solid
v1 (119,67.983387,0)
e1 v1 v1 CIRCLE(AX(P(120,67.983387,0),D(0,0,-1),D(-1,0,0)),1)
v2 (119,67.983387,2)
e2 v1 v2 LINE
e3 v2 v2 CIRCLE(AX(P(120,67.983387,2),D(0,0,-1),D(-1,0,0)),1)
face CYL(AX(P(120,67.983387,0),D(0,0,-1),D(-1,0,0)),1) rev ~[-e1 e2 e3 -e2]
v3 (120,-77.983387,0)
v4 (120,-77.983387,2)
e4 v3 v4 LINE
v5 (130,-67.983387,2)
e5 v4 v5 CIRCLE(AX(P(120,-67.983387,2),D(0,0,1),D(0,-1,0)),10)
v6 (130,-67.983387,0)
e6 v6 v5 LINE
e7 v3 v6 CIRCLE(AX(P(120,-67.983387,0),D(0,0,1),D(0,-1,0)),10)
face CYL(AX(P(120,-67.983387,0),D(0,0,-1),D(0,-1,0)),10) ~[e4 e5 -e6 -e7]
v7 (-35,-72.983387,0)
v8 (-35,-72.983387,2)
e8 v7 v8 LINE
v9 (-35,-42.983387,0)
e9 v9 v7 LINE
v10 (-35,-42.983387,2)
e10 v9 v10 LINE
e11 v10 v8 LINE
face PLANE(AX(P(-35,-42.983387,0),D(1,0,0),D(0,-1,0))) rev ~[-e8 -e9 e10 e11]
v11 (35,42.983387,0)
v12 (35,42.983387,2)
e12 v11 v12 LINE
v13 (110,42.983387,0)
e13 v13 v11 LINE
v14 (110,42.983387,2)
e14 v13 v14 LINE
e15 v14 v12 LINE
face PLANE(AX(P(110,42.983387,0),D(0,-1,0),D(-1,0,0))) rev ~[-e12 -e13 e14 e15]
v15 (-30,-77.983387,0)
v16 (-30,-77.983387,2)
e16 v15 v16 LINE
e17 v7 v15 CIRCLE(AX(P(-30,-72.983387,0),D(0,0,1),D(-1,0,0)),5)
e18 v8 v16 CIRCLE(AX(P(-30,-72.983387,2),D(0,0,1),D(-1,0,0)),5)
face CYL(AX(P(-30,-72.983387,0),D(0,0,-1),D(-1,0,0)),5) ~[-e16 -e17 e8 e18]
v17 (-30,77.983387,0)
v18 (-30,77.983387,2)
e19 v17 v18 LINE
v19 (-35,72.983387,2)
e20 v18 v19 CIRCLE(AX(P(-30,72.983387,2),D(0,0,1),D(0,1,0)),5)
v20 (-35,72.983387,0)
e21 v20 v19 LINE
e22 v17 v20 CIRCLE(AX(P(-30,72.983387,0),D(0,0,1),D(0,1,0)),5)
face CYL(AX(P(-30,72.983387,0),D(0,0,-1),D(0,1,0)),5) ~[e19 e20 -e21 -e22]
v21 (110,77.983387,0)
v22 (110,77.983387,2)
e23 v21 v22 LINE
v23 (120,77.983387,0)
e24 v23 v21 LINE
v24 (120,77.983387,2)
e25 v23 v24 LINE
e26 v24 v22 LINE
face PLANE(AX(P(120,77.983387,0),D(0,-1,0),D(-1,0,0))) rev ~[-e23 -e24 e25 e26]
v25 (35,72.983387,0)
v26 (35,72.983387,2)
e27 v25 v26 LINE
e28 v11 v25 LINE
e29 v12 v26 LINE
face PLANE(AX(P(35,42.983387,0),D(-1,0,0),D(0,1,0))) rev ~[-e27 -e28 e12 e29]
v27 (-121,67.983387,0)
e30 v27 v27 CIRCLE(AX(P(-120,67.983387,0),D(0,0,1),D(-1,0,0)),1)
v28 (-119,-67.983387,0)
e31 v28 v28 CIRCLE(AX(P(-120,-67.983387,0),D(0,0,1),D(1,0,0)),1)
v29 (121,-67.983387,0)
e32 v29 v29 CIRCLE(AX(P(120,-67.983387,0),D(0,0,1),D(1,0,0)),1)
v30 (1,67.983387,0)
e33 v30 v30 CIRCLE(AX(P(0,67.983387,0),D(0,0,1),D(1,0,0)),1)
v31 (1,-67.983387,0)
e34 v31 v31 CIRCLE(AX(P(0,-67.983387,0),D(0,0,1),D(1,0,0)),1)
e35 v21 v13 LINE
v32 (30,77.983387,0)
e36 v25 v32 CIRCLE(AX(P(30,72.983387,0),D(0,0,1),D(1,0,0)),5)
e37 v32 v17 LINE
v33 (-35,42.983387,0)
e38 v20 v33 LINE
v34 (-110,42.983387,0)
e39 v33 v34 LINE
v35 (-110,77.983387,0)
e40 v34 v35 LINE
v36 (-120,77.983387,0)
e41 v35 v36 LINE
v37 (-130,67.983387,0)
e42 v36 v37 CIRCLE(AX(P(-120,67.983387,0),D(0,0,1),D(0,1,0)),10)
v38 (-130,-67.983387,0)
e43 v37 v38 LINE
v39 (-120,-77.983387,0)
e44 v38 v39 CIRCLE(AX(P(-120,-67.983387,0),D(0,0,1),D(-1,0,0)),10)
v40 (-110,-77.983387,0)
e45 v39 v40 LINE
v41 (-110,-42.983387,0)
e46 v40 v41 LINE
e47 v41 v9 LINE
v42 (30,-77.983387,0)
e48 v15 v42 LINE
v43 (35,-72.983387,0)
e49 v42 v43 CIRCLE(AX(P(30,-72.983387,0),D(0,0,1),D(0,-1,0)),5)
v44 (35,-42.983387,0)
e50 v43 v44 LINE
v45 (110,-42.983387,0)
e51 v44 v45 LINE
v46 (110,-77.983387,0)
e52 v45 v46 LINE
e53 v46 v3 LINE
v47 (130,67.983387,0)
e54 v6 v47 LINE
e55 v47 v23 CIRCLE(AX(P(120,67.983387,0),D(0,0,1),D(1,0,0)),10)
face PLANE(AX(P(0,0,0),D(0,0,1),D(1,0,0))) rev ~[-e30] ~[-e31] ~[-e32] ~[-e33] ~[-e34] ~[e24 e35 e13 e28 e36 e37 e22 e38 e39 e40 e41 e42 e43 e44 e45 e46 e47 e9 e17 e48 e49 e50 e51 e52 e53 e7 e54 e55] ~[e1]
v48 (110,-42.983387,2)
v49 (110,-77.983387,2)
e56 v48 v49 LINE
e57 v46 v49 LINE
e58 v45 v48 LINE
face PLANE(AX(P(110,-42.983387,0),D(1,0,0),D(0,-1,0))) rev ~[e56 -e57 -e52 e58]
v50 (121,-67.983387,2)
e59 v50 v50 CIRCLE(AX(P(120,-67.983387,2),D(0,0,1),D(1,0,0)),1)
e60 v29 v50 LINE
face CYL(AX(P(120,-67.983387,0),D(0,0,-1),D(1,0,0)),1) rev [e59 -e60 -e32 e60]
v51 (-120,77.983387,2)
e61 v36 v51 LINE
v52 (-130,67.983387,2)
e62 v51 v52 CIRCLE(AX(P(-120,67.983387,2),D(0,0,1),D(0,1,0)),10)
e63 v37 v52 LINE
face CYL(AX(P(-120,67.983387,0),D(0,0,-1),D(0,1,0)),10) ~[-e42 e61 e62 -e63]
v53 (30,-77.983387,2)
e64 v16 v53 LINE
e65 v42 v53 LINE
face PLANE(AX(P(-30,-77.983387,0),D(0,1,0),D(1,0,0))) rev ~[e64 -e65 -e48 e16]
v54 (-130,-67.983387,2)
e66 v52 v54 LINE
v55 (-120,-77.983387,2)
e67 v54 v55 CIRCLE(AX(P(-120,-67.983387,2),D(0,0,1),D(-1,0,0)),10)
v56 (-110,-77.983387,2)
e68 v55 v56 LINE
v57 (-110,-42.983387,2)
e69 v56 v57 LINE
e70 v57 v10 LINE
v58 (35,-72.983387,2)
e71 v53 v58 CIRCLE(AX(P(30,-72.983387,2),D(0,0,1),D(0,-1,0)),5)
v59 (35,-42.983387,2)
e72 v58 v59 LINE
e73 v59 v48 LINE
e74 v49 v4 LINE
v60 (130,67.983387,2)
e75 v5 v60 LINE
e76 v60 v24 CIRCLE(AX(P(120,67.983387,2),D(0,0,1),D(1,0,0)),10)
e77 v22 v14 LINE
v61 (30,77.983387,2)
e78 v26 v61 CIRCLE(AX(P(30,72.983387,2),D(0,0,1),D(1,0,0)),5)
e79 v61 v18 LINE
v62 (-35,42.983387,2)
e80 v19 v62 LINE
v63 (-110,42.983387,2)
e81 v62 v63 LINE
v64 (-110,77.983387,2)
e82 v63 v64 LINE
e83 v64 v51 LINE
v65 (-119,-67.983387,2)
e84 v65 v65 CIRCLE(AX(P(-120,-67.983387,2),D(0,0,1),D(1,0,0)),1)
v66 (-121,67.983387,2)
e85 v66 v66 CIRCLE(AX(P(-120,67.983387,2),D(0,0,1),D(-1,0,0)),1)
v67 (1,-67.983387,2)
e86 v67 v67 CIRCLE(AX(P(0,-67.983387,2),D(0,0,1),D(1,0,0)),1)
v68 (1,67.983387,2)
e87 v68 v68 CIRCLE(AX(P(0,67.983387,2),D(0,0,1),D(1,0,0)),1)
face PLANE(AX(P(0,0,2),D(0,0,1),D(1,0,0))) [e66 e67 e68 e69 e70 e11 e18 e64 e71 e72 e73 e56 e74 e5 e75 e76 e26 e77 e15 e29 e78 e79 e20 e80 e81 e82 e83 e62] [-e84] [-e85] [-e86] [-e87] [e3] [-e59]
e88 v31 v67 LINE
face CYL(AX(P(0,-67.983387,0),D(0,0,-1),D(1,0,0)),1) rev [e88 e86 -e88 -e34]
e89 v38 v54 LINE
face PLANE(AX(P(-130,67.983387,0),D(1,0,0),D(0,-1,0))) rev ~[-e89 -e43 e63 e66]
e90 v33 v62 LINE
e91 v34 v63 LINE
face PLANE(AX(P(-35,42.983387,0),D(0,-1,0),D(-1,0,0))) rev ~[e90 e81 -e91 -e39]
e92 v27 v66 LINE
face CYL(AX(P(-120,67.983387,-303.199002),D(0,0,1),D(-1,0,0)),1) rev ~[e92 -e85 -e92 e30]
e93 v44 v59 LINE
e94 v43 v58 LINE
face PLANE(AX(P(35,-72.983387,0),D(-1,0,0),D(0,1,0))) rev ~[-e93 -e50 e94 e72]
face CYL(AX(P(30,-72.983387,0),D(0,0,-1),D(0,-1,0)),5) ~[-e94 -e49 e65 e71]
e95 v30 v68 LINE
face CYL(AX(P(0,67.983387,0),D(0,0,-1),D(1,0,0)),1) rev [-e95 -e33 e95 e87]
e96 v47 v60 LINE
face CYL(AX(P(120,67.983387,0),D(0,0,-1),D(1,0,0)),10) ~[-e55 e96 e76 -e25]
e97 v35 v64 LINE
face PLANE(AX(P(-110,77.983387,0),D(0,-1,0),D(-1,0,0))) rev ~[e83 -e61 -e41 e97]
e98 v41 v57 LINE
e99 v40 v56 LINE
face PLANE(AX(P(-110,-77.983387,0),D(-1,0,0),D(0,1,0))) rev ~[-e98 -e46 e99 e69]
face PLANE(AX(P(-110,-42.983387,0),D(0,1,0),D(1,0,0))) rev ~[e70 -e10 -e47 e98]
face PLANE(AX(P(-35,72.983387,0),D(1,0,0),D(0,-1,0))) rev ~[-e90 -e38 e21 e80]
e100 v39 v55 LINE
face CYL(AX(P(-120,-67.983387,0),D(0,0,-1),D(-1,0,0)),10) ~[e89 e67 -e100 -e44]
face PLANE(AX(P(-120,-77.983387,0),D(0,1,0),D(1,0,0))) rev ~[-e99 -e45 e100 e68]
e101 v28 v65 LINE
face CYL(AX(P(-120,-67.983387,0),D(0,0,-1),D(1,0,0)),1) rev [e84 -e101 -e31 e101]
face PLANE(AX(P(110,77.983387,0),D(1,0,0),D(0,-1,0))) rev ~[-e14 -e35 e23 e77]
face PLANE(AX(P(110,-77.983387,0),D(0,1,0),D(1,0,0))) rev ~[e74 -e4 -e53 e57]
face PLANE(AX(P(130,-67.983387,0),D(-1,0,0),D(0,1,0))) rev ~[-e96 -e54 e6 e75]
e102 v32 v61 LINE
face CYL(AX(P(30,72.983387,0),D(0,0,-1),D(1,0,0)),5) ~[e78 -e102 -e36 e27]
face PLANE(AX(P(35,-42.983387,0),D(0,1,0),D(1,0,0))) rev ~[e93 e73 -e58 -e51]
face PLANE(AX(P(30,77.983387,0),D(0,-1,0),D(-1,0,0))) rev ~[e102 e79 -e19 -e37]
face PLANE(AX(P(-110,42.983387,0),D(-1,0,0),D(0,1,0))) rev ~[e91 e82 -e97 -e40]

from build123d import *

# Parameters (mm, degrees)
F0_R     = 1
F1_DEPTH = 2
F2_D     = 2


with BuildPart() as f1:
    # F0 (on Top) → F1 (new body)
    with BuildSketch(Plane.XY):
        with BuildLine():
            ThreePointArc((130, 67.9833874329), (127.0710678119, 75.0544552448), (120, 77.9833874329))
            Line((120, 77.9833874329), (110, 77.9833874329))
            Line((110, 77.9833874329), (110, 67.9833874329))
            Line((110, 67.9833874329), (110, 42.9833874329))
            Line((110, 42.9833874329), (35, 42.9833874329))
            Line((35, 42.9833874329), (35, 72.9833874329))
            ThreePointArc((35, 72.9833874329), (33.5355339059, 76.5189213388), (30, 77.9833874329))
            Line((30, 77.9833874329), (-30, 77.9833874329))
            ThreePointArc((-30, 77.9833874329), (-33.5355339059, 76.5189213388), (-35, 72.9833874329))
            Line((-35, 72.9833874329), (-35, 42.9833874329))
            Line((-35, 42.9833874329), (-110, 42.9833874329))
            Line((-110, 42.9833874329), (-110, 67.9833874329))
            Line((-110, 67.9833874329), (-110, 77.9833874329))
            Line((-110, 77.9833874329), (-120, 77.9833874329))
            ThreePointArc((-120, 77.9833874329), (-127.0710678119, 75.0544552448), (-130, 67.9833874329))
            Line((-130, 67.9833874329), (-130, 0))
            Line((-130, 0), (-130, -67.9833874329))
            ThreePointArc((-130, -67.9833874329), (-127.0710678119, -75.0544552448), (-120, -77.9833874329))
            Line((-120, -77.9833874329), (-110, -77.9833874329))
            Line((-110, -77.9833874329), (-110, -42.9833874329))
            Line((-110, -42.9833874329), (-35, -42.9833874329))
            Line((-35, -42.9833874329), (-35, -72.9833874329))
            ThreePointArc((-35, -72.9833874329), (-33.5355339059, -76.5189213388), (-30, -77.9833874329))
            Line((-30, -77.9833874329), (30, -77.9833874329))
            ThreePointArc((30, -77.9833874329), (33.5355339059, -76.5189213388), (35, -72.9833874329))
            Line((35, -72.9833874329), (35, -42.9833874329))
            Line((35, -42.9833874329), (110, -42.9833874329))
            Line((110, -42.9833874329), (110, -77.9833874329))
            Line((110, -77.9833874329), (120, -77.9833874329))
            ThreePointArc((120, -77.9833874329), (127.0710678119, -75.0544552448), (130, -67.9833874329))
            Line((130, -67.9833874329), (130, 0))
            Line((130, 0), (130, 67.9833874329))
        make_face()
        with Locations((-120, -67.9833874329)):
            Circle(F0_R, mode=Mode.SUBTRACT)
        with Locations((0, -67.9833874329)):
            Circle(F0_R, mode=Mode.SUBTRACT)
        with Locations((120, -67.9833874329)):
            Circle(F0_R, mode=Mode.SUBTRACT)
        with Locations((0, 67.9833874329)):
            Circle(F0_R, mode=Mode.SUBTRACT)
        with BuildLine():
            ThreePointArc((121, 67.9833874329), (120, 66.9833874329), (119, 67.9833874329))
            ThreePointArc((119, 67.9833874329), (120, 68.9833874329), (121, 67.9833874329))
        make_face(mode=Mode.SUBTRACT)
    extrude(amount=F1_DEPTH)

    # F2 (through all)
    with Locations(Plane(origin=(0, 0, 0), x_dir=(1, 0, 0), z_dir=(0, 0, -1))):
        with Locations((-120, -67.9833874329)):
            Hole(F2_D / 2)


solid = f1.part
